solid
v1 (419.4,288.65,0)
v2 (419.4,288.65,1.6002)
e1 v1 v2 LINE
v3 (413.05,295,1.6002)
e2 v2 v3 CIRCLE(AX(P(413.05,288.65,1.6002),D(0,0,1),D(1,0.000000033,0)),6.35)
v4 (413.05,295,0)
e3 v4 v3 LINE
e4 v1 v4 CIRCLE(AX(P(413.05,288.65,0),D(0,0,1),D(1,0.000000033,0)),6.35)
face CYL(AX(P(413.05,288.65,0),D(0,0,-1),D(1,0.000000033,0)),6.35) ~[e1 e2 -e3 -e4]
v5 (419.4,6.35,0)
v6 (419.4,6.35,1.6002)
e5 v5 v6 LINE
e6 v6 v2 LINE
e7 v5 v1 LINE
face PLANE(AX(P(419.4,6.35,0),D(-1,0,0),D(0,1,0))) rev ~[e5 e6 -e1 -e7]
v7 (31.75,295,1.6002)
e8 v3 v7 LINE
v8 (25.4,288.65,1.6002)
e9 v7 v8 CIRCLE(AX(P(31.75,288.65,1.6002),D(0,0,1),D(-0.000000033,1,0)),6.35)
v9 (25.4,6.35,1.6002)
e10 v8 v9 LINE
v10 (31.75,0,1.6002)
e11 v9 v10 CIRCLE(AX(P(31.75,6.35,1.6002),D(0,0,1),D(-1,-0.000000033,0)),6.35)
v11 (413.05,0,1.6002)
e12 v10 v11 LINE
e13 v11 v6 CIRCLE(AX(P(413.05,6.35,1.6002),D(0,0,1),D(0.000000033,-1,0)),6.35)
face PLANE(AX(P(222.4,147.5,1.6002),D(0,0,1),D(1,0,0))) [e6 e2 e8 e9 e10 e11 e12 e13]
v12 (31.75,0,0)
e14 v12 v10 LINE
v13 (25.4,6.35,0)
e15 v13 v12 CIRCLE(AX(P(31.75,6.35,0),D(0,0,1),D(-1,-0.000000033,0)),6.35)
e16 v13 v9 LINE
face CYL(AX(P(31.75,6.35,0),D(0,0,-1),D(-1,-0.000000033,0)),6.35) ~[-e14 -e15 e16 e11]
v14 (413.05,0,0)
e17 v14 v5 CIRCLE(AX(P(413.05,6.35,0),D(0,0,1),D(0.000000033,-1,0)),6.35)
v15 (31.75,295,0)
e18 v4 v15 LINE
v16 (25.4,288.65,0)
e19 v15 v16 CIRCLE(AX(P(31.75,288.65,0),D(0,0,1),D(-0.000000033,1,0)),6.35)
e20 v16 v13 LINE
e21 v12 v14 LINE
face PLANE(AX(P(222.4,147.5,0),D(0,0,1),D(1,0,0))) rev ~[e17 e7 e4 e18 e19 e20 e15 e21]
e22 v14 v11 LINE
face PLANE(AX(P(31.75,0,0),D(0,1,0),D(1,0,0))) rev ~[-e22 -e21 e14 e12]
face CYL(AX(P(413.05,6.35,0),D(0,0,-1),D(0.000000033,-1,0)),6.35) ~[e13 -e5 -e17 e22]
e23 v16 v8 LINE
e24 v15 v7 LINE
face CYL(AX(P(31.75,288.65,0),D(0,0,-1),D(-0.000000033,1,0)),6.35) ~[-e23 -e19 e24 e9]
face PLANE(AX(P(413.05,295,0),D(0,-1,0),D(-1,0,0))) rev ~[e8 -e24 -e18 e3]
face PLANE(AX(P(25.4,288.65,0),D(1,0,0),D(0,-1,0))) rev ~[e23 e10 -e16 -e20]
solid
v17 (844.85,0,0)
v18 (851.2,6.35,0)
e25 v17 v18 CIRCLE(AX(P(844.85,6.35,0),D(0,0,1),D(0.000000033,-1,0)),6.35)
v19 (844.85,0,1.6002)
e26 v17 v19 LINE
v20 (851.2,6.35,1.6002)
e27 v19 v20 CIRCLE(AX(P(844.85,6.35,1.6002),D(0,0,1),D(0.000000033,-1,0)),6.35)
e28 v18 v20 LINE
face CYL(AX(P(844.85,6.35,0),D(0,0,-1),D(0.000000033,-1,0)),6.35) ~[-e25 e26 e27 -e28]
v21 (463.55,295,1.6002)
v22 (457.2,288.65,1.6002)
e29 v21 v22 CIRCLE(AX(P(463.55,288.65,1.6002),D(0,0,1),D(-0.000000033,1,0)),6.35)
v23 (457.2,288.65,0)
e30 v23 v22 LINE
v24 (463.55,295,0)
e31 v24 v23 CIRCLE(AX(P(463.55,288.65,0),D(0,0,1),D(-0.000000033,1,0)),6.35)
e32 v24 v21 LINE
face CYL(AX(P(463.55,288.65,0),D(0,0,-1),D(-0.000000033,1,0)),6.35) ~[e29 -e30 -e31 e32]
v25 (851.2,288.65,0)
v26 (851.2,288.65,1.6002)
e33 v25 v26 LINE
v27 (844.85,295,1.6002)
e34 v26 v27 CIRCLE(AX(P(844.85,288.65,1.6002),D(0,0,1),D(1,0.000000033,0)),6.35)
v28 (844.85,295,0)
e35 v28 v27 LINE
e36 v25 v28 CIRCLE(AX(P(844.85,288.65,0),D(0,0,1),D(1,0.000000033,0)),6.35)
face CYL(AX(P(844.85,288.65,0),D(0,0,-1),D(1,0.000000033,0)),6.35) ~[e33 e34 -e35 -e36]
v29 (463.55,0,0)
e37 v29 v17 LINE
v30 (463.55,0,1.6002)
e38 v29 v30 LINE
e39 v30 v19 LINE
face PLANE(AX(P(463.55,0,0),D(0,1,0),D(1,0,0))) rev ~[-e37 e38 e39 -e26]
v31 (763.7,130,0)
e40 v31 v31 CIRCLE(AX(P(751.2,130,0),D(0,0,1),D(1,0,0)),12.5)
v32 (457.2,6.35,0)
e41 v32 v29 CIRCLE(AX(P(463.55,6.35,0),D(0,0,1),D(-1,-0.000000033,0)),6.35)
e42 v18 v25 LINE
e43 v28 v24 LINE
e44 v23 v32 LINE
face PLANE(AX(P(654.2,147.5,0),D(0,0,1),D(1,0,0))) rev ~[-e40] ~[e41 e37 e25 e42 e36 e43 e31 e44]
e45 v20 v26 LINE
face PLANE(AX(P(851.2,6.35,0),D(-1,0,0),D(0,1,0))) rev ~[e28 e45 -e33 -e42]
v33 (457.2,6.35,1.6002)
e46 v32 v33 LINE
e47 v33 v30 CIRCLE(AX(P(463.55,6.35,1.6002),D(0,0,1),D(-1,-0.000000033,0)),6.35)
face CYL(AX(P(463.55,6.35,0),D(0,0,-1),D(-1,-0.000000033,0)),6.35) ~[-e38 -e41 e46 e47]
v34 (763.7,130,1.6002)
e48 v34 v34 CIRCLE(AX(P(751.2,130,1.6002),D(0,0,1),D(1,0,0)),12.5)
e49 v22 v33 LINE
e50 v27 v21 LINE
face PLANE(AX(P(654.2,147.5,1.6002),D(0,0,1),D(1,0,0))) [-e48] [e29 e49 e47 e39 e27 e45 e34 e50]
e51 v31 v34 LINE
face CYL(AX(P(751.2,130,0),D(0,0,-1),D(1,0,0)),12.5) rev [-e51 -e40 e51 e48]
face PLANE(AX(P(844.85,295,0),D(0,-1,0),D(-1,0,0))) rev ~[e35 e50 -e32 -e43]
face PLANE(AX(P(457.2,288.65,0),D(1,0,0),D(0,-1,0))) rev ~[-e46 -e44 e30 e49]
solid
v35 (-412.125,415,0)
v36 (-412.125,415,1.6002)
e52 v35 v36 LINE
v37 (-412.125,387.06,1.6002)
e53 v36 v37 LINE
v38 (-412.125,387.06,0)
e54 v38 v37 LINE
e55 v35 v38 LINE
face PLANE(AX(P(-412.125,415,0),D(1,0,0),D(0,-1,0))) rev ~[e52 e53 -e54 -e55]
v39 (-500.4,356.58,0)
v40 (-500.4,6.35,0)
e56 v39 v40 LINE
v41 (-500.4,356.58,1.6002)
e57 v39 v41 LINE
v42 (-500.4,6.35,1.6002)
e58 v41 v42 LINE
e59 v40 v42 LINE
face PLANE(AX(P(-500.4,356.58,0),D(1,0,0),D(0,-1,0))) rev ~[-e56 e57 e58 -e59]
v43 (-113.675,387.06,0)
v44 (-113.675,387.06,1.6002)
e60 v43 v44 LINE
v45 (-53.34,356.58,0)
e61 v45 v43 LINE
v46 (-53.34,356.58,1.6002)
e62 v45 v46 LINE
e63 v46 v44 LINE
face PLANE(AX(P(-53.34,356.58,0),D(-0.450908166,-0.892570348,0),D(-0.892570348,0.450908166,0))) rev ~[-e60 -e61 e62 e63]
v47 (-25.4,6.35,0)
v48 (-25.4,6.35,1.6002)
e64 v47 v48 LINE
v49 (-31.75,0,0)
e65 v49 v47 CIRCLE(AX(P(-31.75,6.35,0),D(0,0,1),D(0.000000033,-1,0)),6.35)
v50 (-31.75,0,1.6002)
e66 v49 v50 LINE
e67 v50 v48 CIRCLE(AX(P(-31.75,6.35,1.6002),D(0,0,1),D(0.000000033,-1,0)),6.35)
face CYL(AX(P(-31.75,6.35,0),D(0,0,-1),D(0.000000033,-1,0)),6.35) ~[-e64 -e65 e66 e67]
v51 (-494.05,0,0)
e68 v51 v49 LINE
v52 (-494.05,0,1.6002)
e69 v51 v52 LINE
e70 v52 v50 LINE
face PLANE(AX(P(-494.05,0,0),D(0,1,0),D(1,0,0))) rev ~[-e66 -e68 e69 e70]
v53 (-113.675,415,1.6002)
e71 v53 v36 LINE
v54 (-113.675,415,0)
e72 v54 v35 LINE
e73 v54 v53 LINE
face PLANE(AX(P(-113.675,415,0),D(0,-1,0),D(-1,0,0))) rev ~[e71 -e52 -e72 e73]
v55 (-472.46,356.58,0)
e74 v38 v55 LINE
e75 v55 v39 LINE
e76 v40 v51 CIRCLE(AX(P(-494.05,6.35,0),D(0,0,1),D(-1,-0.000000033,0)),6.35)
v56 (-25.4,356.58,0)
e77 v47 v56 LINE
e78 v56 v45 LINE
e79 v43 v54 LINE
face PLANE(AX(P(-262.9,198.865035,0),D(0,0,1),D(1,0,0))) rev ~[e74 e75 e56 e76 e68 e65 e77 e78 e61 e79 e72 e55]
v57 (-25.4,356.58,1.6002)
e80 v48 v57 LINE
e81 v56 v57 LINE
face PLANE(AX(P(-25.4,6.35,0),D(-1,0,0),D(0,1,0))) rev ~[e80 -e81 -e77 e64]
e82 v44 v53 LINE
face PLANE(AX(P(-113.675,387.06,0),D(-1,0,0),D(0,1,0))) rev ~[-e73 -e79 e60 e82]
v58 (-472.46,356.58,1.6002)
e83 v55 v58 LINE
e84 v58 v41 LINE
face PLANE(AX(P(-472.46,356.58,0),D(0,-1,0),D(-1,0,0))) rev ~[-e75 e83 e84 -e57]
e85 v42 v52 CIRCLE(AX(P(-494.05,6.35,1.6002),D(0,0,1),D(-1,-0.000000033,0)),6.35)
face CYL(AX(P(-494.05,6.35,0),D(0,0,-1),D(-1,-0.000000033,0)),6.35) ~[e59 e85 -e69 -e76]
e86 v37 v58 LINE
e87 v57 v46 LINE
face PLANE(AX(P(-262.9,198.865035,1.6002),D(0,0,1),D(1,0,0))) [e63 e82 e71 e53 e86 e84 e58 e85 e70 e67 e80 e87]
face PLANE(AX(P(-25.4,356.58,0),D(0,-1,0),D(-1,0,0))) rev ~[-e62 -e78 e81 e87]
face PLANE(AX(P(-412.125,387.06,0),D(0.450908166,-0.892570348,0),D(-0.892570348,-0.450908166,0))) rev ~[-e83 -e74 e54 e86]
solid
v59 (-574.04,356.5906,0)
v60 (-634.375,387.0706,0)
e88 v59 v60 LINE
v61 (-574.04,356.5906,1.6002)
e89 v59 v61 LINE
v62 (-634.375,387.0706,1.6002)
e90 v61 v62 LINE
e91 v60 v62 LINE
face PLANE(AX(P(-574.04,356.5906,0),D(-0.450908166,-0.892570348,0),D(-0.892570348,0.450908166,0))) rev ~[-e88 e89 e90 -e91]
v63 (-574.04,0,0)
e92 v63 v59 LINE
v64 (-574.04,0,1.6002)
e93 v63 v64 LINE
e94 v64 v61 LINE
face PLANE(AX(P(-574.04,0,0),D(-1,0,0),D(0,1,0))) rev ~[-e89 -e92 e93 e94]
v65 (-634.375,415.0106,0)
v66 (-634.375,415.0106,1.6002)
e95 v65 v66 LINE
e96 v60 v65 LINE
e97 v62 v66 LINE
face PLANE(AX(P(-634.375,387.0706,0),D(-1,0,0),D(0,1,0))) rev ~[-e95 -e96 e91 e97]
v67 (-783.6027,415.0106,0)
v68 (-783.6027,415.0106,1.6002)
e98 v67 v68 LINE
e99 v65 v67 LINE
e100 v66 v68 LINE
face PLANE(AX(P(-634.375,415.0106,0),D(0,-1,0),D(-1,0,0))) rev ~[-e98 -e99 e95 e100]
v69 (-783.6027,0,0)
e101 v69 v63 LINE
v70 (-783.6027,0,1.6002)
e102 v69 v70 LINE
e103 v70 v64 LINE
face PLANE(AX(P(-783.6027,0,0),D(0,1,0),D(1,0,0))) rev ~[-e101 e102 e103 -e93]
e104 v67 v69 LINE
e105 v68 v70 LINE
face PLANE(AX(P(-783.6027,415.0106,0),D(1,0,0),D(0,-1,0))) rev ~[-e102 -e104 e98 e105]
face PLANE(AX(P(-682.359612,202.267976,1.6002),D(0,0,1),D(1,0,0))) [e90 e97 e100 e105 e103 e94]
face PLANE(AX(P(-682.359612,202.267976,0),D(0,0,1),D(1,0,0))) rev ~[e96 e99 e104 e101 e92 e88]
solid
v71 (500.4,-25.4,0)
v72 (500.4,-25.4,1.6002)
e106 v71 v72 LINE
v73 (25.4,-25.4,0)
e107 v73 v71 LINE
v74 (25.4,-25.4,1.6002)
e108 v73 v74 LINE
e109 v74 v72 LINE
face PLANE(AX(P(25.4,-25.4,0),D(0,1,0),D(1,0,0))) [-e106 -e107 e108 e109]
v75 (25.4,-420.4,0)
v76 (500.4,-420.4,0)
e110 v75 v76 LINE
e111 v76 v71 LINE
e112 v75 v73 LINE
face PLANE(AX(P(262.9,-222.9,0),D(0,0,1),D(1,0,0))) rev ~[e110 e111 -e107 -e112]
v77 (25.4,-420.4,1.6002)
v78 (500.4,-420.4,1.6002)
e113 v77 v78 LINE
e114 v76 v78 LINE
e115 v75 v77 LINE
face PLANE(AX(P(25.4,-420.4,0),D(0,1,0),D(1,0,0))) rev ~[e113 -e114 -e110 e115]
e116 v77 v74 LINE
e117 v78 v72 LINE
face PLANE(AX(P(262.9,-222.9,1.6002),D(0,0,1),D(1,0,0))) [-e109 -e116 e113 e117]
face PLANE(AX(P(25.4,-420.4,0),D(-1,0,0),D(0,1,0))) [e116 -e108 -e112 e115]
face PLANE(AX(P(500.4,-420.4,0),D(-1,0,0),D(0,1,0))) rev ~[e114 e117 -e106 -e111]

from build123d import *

# Parameters (mm, degrees)
F0_R     = 12.5
F0_W     = 475
F0_H     = 395
F1_DEPTH = 1.6002


with BuildPart() as f1:
    # F0 (on Top) → F1 (new body)
    with BuildSketch(Plane.XY):
        with BuildLine():
            ThreePointArc((419.4, 288.65), (417.540128, 293.140128), (413.05, 295))
            Line((413.05, 295), (31.75, 295))
            ThreePointArc((31.75, 295), (27.259872, 293.140128), (25.4, 288.65))
            Line((25.4, 288.65), (25.4, 6.35))
            ThreePointArc((25.4, 6.35), (27.259872, 1.859872), (31.75, 0))
            Line((31.75, 0), (413.05, 0))
            ThreePointArc((413.05, 0), (417.540128, 1.859872), (419.4, 6.35))
            Line((419.4, 6.35), (419.4, 288.65))
        make_face()
        with BuildLine():
            ThreePointArc((457.2, 6.35), (459.059872, 1.859872), (463.55, 0))
            Line((463.55, 0), (844.85, 0))
            ThreePointArc((844.85, 0), (849.340128, 1.859872), (851.2, 6.35))
            Line((851.2, 6.35), (851.2, 288.65))
            ThreePointArc((851.2, 288.65), (849.340128, 293.140128), (844.85, 295))
            Line((844.85, 295), (463.55, 295))
            ThreePointArc((463.55, 295), (459.059872, 293.140128), (457.2, 288.65))
            Line((457.2, 288.65), (457.2, 6.35))
        make_face()
        with Locations((751.2, 130)):
            Circle(F0_R, mode=Mode.SUBTRACT)
        with BuildLine():
            Line((-494.05, 0), (-31.75, 0))
            ThreePointArc((-31.75, 0), (-27.259872, 1.859872), (-25.4, 6.35))
            Line((-25.4, 6.35), (-25.4, 356.58))
            Line((-25.4, 356.58), (-53.34, 356.58))
            Line((-53.34, 356.58), (-113.675, 387.06))
            Line((-113.675, 387.06), (-113.675, 415))
            Line((-113.675, 415), (-412.125, 415))
            Line((-412.125, 415), (-412.125, 387.06))
            Line((-412.125, 387.06), (-472.46, 356.58))
            Line((-472.46, 356.58), (-500.4, 356.58))
            Line((-500.4, 356.58), (-500.4, 6.35))
            ThreePointArc((-500.4, 6.35), (-498.540128, 1.859872), (-494.05, 0))
        make_face()
        Polygon((-783.6027, 0), (-574.04, 0), (-574.04, 356.5906), (-634.375, 387.0706), (-634.375, 415.0106), (-783.6027, 415.0106), align=None)
        with Locations((262.9, -222.9)):
            Rectangle(F0_W, F0_H)
    extrude(amount=F1_DEPTH)


solid = f1.part
